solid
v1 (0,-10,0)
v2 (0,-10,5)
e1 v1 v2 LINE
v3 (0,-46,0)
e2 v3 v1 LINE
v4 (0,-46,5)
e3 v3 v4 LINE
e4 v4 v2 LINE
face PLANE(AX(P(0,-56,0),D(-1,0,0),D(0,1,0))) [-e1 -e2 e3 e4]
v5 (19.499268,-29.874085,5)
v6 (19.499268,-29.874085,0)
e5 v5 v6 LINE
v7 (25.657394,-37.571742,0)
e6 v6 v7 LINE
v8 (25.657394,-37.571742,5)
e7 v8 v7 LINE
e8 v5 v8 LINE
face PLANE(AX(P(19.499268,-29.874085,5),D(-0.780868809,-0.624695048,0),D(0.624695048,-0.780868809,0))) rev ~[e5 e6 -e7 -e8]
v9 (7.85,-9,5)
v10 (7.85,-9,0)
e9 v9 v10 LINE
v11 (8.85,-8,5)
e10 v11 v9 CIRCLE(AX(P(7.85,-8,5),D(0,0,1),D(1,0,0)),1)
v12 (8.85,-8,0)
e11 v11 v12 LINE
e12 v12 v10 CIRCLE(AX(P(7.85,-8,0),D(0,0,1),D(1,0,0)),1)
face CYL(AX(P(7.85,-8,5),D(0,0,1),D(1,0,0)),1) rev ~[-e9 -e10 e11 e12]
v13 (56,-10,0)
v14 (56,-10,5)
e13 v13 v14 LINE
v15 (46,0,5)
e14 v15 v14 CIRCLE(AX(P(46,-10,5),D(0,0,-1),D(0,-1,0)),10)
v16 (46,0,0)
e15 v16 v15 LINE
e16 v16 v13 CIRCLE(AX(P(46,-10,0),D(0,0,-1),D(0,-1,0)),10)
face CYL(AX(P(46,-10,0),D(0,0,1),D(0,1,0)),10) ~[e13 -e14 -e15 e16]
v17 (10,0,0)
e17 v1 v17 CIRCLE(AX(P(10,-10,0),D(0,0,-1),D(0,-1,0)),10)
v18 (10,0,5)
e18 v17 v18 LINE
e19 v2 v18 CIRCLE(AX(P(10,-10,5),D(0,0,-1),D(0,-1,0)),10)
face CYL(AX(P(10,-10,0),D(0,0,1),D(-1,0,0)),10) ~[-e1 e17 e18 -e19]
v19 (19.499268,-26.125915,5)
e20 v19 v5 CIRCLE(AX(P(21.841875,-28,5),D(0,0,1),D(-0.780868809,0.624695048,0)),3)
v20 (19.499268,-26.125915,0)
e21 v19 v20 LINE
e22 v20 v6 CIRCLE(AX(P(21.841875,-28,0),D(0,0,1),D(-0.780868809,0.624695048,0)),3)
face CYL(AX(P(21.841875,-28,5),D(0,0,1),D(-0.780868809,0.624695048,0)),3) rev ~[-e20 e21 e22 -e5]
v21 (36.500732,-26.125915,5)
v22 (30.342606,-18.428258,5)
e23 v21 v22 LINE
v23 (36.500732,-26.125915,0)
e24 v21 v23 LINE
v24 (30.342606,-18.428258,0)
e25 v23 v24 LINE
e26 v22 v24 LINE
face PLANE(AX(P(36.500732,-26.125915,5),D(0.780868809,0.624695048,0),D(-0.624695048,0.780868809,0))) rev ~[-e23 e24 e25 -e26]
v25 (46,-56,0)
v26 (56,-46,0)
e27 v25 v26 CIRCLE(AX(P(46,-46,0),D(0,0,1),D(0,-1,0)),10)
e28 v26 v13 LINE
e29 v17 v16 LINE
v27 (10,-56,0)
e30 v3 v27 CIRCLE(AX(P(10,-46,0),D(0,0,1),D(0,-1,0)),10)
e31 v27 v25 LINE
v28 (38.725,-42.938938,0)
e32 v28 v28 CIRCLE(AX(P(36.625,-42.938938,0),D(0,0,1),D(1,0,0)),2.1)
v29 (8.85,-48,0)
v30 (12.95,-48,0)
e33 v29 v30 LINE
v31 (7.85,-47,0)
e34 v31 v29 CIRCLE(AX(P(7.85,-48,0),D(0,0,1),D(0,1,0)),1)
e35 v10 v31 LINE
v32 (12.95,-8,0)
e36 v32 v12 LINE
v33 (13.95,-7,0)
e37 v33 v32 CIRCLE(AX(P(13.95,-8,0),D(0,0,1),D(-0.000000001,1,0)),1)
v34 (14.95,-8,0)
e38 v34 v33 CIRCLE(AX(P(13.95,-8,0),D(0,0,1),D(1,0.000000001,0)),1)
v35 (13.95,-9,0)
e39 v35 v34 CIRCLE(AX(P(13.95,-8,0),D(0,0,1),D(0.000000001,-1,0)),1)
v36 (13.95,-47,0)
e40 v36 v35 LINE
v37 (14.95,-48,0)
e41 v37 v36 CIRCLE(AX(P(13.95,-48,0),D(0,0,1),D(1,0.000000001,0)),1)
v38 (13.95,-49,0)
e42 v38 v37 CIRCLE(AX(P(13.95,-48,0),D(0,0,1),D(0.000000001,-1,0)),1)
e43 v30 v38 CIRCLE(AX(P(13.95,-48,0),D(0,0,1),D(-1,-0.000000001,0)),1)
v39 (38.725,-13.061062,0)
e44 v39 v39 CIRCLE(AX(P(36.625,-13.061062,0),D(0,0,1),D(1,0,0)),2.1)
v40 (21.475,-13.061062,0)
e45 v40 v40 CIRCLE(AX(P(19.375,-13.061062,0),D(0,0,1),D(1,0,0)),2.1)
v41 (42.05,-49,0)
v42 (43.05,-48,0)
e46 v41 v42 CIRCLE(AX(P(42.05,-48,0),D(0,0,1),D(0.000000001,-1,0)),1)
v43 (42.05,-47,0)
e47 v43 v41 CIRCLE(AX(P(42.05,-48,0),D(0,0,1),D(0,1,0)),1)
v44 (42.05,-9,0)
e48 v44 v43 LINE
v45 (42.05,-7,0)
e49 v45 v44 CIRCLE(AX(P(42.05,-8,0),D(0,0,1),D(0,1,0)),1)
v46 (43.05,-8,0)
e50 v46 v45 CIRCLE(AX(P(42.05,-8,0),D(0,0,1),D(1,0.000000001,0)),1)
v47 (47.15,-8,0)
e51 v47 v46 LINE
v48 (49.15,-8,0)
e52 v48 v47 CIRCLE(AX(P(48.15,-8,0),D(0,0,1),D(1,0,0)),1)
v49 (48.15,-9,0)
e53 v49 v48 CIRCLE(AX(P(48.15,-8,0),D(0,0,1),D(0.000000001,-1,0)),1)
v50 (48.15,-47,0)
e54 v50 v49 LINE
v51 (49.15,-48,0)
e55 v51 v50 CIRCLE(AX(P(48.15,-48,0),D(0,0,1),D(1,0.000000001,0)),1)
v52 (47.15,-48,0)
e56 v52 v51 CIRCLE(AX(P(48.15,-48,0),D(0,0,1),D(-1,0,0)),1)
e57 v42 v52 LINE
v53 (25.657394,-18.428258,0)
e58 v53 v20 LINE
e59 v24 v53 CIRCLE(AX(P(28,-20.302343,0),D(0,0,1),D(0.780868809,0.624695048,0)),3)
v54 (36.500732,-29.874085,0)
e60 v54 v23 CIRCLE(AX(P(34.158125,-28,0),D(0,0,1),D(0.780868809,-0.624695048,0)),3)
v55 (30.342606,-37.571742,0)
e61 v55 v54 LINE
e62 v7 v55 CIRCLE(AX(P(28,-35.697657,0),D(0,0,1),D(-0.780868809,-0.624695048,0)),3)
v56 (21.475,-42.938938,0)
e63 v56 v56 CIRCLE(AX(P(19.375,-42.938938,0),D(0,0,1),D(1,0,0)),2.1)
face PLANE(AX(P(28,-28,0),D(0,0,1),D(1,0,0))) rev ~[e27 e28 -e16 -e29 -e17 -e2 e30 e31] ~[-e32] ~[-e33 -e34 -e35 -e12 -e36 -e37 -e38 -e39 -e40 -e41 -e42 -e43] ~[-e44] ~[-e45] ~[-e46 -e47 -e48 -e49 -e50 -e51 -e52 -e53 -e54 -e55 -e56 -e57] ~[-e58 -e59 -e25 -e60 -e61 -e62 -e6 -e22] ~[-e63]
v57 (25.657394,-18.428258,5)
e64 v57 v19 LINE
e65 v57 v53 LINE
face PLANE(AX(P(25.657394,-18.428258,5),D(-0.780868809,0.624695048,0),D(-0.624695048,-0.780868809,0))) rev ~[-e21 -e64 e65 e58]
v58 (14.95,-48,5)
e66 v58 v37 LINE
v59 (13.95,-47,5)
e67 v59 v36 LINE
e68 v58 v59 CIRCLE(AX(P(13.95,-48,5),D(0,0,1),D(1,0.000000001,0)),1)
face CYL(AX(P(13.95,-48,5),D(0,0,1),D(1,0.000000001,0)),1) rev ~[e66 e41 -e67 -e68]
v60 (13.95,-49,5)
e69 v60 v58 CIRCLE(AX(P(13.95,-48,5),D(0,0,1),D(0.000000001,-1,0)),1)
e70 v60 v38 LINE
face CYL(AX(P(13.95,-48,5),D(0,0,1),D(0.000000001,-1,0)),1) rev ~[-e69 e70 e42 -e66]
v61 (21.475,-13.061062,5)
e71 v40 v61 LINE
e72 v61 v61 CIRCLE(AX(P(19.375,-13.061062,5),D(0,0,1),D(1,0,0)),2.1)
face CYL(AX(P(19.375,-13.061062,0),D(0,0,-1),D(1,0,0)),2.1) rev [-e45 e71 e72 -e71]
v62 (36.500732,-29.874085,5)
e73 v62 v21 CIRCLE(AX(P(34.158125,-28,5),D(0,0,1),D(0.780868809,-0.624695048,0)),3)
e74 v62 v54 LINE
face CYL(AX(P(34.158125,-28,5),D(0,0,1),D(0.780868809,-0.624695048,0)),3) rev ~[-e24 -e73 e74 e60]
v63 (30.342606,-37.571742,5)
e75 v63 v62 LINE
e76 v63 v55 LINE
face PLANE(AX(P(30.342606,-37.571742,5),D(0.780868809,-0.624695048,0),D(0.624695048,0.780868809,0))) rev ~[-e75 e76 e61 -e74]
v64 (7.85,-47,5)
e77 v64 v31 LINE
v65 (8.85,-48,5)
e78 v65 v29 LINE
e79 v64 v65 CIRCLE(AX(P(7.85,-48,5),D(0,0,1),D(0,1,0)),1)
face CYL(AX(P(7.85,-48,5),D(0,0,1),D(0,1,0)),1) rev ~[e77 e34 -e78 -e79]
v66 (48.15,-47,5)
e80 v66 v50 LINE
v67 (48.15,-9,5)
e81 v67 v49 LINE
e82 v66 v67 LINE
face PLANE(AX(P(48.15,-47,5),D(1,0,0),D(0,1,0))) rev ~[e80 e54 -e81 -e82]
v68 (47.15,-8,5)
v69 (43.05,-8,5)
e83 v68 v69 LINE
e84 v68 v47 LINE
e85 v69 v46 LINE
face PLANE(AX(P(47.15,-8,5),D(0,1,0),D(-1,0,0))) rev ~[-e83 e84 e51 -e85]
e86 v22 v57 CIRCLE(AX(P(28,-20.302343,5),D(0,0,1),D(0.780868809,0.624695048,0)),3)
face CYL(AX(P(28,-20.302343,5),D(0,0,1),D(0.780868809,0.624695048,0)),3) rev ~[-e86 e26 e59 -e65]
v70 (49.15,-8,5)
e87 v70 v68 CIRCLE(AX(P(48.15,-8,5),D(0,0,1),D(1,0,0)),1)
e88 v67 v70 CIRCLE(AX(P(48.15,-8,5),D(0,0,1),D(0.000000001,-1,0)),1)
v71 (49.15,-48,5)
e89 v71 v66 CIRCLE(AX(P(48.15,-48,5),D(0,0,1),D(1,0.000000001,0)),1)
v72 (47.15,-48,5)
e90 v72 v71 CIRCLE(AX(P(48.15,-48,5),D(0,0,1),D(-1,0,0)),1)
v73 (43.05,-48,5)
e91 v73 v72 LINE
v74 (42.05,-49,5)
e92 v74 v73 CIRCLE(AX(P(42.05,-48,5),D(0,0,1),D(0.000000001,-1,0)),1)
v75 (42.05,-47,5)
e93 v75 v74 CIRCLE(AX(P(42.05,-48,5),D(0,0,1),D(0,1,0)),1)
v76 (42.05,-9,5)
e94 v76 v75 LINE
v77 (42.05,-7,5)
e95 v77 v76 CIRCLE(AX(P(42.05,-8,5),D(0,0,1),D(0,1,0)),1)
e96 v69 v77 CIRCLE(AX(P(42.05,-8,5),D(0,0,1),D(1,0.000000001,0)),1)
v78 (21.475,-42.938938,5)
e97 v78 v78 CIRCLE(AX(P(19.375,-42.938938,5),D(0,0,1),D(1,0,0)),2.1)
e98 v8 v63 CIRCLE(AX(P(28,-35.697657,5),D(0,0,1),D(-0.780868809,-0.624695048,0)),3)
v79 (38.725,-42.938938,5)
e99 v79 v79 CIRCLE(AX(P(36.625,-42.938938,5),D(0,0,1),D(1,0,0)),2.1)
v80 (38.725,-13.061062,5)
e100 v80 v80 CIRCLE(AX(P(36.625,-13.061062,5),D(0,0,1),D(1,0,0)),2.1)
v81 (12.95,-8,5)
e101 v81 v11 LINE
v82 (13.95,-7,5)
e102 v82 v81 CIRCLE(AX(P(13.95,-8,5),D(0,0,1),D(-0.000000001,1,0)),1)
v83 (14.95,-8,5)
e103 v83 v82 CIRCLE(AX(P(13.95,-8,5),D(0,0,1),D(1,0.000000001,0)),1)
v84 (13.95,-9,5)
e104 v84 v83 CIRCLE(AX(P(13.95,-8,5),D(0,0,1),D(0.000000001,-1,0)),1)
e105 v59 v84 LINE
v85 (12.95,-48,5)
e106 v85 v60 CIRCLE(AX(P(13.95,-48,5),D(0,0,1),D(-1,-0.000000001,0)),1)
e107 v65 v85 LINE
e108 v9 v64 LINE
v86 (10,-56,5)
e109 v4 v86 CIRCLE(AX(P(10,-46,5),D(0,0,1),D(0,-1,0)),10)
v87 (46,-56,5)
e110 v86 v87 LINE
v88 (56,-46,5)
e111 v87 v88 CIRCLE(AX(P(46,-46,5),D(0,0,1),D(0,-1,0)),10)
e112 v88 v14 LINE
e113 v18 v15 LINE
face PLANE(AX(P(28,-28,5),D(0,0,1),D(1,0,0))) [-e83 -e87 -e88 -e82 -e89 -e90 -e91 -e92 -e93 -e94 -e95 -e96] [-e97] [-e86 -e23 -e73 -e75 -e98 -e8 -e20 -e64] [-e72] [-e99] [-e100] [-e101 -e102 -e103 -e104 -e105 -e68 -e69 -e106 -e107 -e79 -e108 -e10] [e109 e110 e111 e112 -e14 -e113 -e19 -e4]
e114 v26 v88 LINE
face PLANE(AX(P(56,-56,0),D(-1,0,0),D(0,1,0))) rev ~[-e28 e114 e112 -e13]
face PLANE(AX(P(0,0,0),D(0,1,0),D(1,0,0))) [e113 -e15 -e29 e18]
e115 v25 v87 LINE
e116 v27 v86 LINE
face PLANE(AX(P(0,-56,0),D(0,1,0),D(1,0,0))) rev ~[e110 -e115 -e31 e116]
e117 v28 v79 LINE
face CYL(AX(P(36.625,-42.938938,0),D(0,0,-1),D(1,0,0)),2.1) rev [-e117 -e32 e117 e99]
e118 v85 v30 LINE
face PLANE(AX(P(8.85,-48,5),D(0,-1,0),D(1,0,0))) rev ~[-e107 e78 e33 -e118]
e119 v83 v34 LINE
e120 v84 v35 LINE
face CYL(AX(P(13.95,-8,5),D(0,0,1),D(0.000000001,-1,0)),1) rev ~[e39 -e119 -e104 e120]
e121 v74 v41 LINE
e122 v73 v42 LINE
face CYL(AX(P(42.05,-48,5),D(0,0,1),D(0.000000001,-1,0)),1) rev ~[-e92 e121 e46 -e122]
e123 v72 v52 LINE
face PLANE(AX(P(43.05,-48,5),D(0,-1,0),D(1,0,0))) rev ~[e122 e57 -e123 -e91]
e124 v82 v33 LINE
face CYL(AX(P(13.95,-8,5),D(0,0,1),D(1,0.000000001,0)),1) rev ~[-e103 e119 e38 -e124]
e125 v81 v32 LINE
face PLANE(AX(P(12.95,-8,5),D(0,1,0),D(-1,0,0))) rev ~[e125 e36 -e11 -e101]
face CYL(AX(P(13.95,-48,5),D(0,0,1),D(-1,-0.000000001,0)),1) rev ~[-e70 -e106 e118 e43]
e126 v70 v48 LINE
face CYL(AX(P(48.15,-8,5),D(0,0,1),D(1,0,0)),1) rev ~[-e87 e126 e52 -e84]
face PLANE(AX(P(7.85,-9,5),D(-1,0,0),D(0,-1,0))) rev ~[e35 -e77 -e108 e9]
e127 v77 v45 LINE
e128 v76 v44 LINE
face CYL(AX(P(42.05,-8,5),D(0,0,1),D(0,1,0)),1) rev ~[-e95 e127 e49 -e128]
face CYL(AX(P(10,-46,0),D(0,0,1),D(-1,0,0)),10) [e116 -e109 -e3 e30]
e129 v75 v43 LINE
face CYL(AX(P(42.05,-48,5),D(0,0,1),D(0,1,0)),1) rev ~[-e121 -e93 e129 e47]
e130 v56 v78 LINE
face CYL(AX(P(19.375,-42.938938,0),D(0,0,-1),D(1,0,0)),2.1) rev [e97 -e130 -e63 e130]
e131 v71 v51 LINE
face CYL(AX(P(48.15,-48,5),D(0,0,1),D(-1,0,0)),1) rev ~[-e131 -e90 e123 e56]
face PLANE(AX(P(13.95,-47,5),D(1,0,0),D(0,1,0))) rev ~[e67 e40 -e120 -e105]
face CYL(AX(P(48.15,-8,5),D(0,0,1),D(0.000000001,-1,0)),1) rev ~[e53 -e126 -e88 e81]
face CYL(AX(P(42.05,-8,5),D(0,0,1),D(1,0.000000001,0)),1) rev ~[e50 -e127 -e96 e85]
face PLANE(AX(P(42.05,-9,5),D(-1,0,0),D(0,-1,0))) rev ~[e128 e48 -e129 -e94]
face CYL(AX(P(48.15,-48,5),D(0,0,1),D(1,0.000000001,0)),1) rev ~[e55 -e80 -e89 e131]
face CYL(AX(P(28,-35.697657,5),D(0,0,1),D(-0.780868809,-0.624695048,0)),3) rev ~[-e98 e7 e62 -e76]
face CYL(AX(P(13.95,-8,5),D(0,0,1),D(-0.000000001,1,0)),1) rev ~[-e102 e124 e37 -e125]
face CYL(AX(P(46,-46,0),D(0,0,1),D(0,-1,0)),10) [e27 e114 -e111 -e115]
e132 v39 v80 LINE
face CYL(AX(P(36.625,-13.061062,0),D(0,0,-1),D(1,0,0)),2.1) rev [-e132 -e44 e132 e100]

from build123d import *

# Parameters (mm, degrees)
SKETCH_1_W          = 56
SKETCH_1_H          = 56
SKETCH_1_R          = 2.1
EXTRUDE_1_DEPTH     = 5
FILLET_1_R          = 10
CUT_EXTRUDE_1_DEPTH = 16
CUT_EXTRUDE_2_DEPTH = 16


with BuildPart() as part:
    # 草图1 → 凸台-拉伸1 (new body)
    with BuildSketch(Plane.XY):
        with Locations((28, -28)):
            Rectangle(SKETCH_1_W, SKETCH_1_H)
        with Locations((36.625, -13.061061785)):
            Circle(SKETCH_1_R, mode=Mode.SUBTRACT)
        with Locations((19.375, -13.061061785)):
            Circle(SKETCH_1_R, mode=Mode.SUBTRACT)
        with Locations((36.625, -42.938938215)):
            Circle(SKETCH_1_R, mode=Mode.SUBTRACT)
        with Locations((19.375, -42.938938215)):
            Circle(SKETCH_1_R, mode=Mode.SUBTRACT)
    extrude(amount=EXTRUDE_1_DEPTH)

    # 圆角1
    fillet_1_edges = [part.edges().sort_by_distance(p)[0] for p in [
        (56, -56, 2.5),
        (0, -56, 2.5),
        (0, 0, 2.5),
        (56, 0, 2.5),
    ]]
    fillet(fillet_1_edges, radius=FILLET_1_R)

    # 草图2 → 切除-拉伸1 (cut)
    with BuildSketch(Plane.XY.offset(5)):
        with BuildLine():
            Line((47.15, -8), (43.05, -8))
            ThreePointArc((43.05, -8), (42.757106781, -8.707106781), (42.05, -9))
            Line((42.05, -9), (42.05, -47))
            ThreePointArc((42.05, -47), (42.757106781, -47.292893219), (43.05, -48))
            Line((43.05, -48), (47.15, -48))
            ThreePointArc((47.15, -48), (47.442893219, -47.292893219), (48.15, -47))
            Line((48.15, -47), (48.15, -9))
            ThreePointArc((48.15, -9), (47.442893219, -8.707106781), (47.15, -8))
        make_face()
        with BuildLine():
            ThreePointArc((43.05, -8), (42.757106781, -7.292893219), (42.05, -7))
            Line((42.05, -7), (42.05, -8))
            Line((42.05, -8), (43.05, -8))
        make_face()
        with BuildLine():
            Line((43.05, -8), (42.05, -8))
            Line((42.05, -8), (42.05, -9))
            ThreePointArc((42.05, -9), (42.757106781, -8.707106781), (43.05, -8))
        make_face()
        with BuildLine():
            Line((42.05, -8), (42.05, -7))
            ThreePointArc((42.05, -7), (41.05, -8), (42.05, -9))
            Line((42.05, -9), (42.05, -8))
        make_face()
        with BuildLine():
            ThreePointArc((49.15, -8), (48.15, -7), (47.15, -8))
            Line((47.15, -8), (48.15, -8))
            Line((48.15, -8), (48.15, -9))
            ThreePointArc((48.15, -9), (48.857106781, -8.707106781), (49.15, -8))
        make_face()
        with BuildLine():
            Line((48.15, -8), (47.15, -8))
            ThreePointArc((47.15, -8), (47.442893219, -8.707106781), (48.15, -9))
            Line((48.15, -9), (48.15, -8))
        make_face()
        with BuildLine():
            ThreePointArc((49.15, -48), (48.857106781, -47.292893219), (48.15, -47))
            Line((48.15, -47), (48.15, -48))
            Line((48.15, -48), (47.15, -48))
            ThreePointArc((47.15, -48), (48.15, -49), (49.15, -48))
        make_face()
        with BuildLine():
            Line((48.15, -48), (48.15, -47))
            ThreePointArc((48.15, -47), (47.442893219, -47.292893219), (47.15, -48))
            Line((47.15, -48), (48.15, -48))
        make_face()
        with BuildLine():
            ThreePointArc((43.05, -48), (42.757106781, -47.292893219), (42.05, -47))
            Line((42.05, -47), (42.05, -48))
            Line((42.05, -48), (43.05, -48))
        make_face()
        with BuildLine():
            Line((43.05, -48), (42.05, -48))
            Line((42.05, -48), (42.05, -49))
            ThreePointArc((42.05, -49), (42.757106781, -48.707106781), (43.05, -48))
        make_face()
        with BuildLine():
            Line((42.05, -48), (42.05, -47))
            ThreePointArc((42.05, -47), (41.05, -48), (42.05, -49))
            Line((42.05, -49), (42.05, -48))
        make_face()
        with BuildLine():
            Line((13.95, -48), (13.95, -47))
            ThreePointArc((13.95, -47), (13.242893219, -47.292893219), (12.95, -48))
            Line((12.95, -48), (13.95, -48))
        make_face()
        with BuildLine():
            ThreePointArc((12.95, -48), (13.242893219, -48.707106781), (13.95, -49))
            Line((13.95, -49), (13.95, -48))
            Line((13.95, -48), (12.95, -48))
        make_face()
        with BuildLine():
            ThreePointArc((14.95, -48), (14.657106781, -47.292893219), (13.95, -47))
            Line((13.95, -47), (13.95, -48))
            Line((13.95, -48), (13.95, -49))
            ThreePointArc((13.95, -49), (14.657106781, -48.707106781), (14.95, -48))
        make_face()
        with BuildLine():
            ThreePointArc((13.95, -9), (13.242893219, -8.707106781), (12.95, -8))
            Line((12.95, -8), (8.85, -8))
            ThreePointArc((8.85, -8), (8.557106781, -8.707106781), (7.85, -9))
            Line((7.85, -9), (7.85, -47))
            ThreePointArc((7.85, -47), (8.557106781, -47.292893219), (8.85, -48))
            Line((8.85, -48), (12.95, -48))
            ThreePointArc((12.95, -48), (13.242893219, -47.292893219), (13.95, -47))
            Line((13.95, -47), (13.95, -9))
        make_face()
        with BuildLine():
            ThreePointArc((8.85, -48), (8.557106781, -47.292893219), (7.85, -47))
            Line((7.85, -47), (7.85, -48))
            Line((7.85, -48), (8.85, -48))
        make_face()
        with BuildLine():
            Line((7.85, -48), (7.85, -47))
            ThreePointArc((7.85, -47), (7.142893219, -48.707106781), (8.85, -48))
            Line((8.85, -48), (7.85, -48))
        make_face()
        with BuildLine():
            ThreePointArc((7.85, -9), (8.557106781, -8.707106781), (8.85, -8))
            Line((8.85, -8), (7.85, -8))
            Line((7.85, -8), (7.85, -9))
        make_face()
        with BuildLine():
            Line((7.85, -8), (8.85, -8))
            ThreePointArc((8.85, -8), (7.142893219, -7.292893219), (7.85, -9))
            Line((7.85, -9), (7.85, -8))
        make_face()
        with BuildLine():
            ThreePointArc((14.95, -8), (14.657106781, -7.292893219), (13.95, -7))
            Line((13.95, -7), (13.95, -8))
            Line((13.95, -8), (13.95, -9))
            ThreePointArc((13.95, -9), (14.657106781, -8.707106781), (14.95, -8))
        make_face()
        with BuildLine():
            Line((13.95, -8), (13.95, -7))
            ThreePointArc((13.95, -7), (13.242893219, -7.292893219), (12.95, -8))
            Line((12.95, -8), (13.95, -8))
        make_face()
        with BuildLine():
            Line((13.95, -9), (13.95, -8))
            Line((13.95, -8), (12.95, -8))
            ThreePointArc((12.95, -8), (13.242893219, -8.707106781), (13.95, -9))
        make_face()
    extrude(amount=-CUT_EXTRUDE_1_DEPTH, mode=Mode.SUBTRACT)

    # 草图3 → 切除-拉伸2 (cut)
    with BuildSketch(Plane.XY.offset(5)):
        with BuildLine():
            Line((25.657393572, -18.428258035), (19.499268114, -26.125914857))
            ThreePointArc((19.499268114, -26.125914857), (18.841874542, -28), (19.499268114, -29.874085143))
            Line((19.499268114, -29.874085143), (25.657393572, -37.571741965))
            ThreePointArc((25.657393572, -37.571741965), (28, -38.697656822), (30.342606428, -37.571741965))
            Line((30.342606428, -37.571741965), (36.500731886, -29.874085143))
            ThreePointArc((36.500731886, -29.874085143), (37.158125458, -28), (36.500731886, -26.125914857))
            Line((36.500731886, -26.125914857), (30.342606428, -18.428258035))
            ThreePointArc((30.342606428, -18.428258035), (28, -17.302343178), (25.657393572, -18.428258035))
        make_face()
    extrude(amount=-CUT_EXTRUDE_2_DEPTH, mode=Mode.SUBTRACT)


solid = part.part
